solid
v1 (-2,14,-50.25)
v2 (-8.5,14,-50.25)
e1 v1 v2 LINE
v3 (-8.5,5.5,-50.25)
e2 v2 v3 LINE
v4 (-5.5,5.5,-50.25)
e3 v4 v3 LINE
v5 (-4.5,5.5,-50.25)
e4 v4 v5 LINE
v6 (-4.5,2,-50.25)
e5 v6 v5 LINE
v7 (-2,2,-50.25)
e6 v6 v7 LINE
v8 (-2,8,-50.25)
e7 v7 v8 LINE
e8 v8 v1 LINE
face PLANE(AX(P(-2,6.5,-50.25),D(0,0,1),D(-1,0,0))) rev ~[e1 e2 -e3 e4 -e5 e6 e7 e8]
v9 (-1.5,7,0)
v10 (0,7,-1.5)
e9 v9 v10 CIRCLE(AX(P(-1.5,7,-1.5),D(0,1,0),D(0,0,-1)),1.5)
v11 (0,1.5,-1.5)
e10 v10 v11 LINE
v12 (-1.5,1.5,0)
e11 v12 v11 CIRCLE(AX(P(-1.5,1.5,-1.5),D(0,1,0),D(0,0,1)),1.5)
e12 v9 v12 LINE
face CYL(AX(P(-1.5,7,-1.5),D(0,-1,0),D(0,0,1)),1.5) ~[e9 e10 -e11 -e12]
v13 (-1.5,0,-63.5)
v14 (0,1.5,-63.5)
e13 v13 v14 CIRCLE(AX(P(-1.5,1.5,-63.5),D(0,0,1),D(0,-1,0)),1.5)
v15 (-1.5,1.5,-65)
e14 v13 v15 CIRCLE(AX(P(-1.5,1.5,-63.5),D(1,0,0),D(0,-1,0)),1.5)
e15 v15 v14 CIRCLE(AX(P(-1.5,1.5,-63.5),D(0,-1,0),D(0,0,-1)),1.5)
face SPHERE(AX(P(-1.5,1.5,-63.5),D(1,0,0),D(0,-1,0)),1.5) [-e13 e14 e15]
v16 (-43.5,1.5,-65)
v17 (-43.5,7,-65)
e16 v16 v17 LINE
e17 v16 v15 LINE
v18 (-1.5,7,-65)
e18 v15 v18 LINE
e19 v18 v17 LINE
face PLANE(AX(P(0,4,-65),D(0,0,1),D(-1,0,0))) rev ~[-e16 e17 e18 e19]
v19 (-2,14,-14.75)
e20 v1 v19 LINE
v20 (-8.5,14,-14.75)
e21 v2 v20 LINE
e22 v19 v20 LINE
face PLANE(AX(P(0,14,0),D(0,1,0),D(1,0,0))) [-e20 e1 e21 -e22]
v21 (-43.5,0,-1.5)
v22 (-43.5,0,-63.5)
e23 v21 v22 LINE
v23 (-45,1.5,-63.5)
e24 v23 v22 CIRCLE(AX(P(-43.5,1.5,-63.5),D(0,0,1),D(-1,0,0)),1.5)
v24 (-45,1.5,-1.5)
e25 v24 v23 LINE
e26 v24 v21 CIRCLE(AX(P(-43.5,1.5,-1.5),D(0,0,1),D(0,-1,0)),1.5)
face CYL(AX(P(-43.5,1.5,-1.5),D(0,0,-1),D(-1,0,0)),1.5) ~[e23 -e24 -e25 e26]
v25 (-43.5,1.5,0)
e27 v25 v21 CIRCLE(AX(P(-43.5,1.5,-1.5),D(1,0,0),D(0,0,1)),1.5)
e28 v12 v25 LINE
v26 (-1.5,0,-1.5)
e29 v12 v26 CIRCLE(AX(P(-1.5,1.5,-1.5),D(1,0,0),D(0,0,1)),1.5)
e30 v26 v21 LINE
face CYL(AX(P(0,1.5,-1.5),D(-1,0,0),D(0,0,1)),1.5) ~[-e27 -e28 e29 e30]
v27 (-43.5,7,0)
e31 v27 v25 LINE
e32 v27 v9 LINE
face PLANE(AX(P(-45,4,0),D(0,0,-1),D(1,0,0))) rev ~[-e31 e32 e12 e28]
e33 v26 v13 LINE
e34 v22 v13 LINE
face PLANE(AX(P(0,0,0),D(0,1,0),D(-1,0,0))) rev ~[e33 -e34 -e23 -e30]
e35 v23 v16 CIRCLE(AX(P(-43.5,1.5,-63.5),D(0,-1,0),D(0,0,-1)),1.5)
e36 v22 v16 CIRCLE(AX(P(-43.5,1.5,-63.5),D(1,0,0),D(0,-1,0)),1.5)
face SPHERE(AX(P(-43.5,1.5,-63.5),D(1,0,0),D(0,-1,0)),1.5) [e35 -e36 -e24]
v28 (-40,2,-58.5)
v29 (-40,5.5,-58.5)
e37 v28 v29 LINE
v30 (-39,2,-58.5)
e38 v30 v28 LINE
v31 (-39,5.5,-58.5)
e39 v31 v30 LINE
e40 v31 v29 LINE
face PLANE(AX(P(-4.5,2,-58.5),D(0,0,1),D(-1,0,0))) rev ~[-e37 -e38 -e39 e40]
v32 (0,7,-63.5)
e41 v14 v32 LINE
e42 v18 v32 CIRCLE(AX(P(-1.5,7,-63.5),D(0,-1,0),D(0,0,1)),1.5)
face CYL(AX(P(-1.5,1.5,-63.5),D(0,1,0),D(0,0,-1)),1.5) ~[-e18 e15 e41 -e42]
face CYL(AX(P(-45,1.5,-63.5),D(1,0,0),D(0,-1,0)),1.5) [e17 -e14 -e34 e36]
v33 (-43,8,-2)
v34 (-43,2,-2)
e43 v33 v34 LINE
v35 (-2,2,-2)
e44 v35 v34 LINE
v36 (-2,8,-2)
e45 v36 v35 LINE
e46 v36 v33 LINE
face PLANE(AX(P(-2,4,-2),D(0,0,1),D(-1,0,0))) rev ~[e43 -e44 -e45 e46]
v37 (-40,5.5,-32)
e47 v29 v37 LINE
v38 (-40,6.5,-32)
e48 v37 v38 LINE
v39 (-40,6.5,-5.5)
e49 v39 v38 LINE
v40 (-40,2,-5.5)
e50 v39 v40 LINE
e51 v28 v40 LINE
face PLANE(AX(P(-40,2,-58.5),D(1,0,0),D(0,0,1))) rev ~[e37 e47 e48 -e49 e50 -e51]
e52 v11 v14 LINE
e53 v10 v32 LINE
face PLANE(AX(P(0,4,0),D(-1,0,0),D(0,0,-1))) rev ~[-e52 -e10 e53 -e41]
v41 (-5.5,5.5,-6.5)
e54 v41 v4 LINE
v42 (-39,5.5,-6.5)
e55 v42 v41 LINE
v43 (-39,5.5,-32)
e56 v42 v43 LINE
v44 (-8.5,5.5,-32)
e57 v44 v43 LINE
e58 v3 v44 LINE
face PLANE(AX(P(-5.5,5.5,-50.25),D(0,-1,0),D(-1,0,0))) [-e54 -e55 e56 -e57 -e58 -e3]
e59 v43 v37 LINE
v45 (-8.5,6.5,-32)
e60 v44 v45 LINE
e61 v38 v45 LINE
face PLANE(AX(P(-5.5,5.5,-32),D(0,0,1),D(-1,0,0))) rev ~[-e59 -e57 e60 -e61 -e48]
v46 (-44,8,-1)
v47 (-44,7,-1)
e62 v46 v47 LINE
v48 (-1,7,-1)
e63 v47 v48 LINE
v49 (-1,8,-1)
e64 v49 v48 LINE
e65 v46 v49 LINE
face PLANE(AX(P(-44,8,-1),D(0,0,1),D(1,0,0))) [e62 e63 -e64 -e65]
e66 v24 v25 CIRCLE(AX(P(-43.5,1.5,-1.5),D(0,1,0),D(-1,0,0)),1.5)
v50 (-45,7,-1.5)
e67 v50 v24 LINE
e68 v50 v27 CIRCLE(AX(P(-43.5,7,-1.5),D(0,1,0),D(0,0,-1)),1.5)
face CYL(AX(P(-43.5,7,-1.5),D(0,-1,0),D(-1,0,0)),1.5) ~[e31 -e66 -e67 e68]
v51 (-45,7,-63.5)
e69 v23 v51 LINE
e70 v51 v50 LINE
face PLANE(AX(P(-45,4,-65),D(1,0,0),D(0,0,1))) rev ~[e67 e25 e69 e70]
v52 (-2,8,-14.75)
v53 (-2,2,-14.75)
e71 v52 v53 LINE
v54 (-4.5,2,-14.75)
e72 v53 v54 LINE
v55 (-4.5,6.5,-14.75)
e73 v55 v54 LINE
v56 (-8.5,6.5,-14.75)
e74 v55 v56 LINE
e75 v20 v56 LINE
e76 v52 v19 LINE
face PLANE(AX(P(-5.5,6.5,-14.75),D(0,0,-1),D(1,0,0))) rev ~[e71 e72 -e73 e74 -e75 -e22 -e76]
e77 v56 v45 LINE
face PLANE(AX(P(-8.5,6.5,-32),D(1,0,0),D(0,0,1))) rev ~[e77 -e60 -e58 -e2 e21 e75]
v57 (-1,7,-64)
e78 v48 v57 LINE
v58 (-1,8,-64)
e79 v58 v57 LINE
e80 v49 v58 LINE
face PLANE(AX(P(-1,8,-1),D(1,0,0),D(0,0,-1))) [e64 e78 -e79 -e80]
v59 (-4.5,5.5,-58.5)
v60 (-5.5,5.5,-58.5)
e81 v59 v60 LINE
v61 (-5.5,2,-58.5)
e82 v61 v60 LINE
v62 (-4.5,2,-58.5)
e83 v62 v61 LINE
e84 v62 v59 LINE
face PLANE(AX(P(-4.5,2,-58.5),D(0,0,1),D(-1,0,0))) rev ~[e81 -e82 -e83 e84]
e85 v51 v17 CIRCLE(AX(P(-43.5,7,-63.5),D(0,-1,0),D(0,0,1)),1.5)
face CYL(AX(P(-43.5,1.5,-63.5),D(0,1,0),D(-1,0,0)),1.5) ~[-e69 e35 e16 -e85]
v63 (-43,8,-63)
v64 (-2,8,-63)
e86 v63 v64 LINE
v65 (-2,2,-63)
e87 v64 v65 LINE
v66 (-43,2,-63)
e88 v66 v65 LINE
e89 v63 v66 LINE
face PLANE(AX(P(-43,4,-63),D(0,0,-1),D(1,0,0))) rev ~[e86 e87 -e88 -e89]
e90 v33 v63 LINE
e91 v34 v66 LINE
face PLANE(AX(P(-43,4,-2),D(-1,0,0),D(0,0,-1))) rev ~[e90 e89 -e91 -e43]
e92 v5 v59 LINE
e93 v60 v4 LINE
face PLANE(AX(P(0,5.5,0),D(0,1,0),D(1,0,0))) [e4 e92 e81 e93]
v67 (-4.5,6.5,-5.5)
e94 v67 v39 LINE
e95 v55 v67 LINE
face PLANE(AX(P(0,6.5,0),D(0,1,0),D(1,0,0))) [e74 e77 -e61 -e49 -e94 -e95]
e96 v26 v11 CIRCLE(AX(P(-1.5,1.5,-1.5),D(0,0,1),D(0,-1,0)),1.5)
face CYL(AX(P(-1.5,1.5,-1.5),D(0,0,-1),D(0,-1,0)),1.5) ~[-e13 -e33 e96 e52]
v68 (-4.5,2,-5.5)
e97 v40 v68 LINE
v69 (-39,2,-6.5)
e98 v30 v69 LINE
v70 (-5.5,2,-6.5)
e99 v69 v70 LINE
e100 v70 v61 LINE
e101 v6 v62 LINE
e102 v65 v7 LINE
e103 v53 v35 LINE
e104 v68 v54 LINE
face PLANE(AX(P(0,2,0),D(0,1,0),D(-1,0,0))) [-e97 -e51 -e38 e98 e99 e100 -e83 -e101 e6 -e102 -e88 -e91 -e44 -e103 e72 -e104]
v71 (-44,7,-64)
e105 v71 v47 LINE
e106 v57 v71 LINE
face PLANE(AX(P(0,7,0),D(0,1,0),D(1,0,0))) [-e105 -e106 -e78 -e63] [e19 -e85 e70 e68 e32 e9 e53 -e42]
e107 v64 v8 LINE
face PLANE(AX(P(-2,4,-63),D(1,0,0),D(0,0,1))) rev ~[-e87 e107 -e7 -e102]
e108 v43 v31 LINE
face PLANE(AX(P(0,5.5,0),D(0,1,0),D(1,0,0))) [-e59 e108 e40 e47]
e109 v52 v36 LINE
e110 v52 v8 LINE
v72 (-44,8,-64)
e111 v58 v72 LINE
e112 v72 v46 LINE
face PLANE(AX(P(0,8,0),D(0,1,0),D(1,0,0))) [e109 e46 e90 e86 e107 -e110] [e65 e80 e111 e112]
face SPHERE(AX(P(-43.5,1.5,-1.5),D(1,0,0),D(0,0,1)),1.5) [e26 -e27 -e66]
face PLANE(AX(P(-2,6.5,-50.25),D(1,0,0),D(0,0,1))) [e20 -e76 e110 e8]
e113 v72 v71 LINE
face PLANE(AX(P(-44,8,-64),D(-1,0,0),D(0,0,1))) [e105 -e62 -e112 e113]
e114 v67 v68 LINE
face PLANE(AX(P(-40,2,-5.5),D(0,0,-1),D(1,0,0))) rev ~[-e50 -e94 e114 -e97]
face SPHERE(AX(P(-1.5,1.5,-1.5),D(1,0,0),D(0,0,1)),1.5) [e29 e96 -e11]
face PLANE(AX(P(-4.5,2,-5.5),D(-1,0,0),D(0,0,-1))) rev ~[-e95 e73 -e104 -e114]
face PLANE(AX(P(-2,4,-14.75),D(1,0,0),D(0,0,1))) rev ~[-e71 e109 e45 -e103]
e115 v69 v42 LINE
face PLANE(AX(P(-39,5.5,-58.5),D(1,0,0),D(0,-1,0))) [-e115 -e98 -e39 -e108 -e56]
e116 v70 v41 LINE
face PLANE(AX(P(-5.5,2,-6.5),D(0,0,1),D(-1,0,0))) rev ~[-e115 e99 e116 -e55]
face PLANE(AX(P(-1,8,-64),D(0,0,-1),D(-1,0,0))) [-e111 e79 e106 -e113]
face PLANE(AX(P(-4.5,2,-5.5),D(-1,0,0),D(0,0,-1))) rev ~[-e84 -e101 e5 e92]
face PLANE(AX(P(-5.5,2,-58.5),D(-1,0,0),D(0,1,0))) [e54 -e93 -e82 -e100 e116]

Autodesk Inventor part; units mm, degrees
ref_plane "YZ Plane" through (0, 0, 0) normal (1, 0, 0) x (0, 1, 0)
ref_plane "XZ Plane" through (0, 0, 0) normal (0, 1, 0) x (-1, 0, 0)
ref_plane "XY Plane" through (0, 0, 0) normal (0, 0, 1) x (1, 0, 0)
sketch "Sketch1" plane through (0, 0, 0) normal (0, 1, 0) x (-1, 0, 0)
  line L0 (0, 0) -> (45, 0)
  line L1 (45, 0) -> (45, -65)
  line L2 (45, -65) -> (0, -65)
  line L3 (0, -65) -> (0, 0)
  dimension "d0" = 45
  dimension "d1" = 65
extrude "Extrusion1" add sketch "Sketch1" along normal blind 2
sketch "Sketch2" plane through (0, 2, 0) normal (0, 1, 0) x (1, 0, 0)
  line L0 (0, 65) -> (0, 0) projected
  line L1 (0, 0) -> (-45, 0) projected
  line L2 (-45, 0) -> (-45, 65) projected
  line L3 (-45, 65) -> (0, 65) projected
  line L4 (-45, 0) -> (0, 0) projected
  line L5 (-45, 65) -> (-45, 0) projected
  line L6 (0, 65) -> (-45, 65) projected
  line L7 (0, 0) -> (0, 65) projected
  line L8 (-2, 2) -> (-43, 2)
  line L9 (-43, 2) -> (-43, 63)
  line L10 (-43, 63) -> (-2, 63)
  line L11 (-2, 63) -> (-2, 2)
  dimension "d4" = 2
  dimension "d5" = 2
  dimension "d6" = 2
  dimension "d7" = 2
extrude "Extrusion2" add sketch "Sketch2" along normal blind 2
sketch "Sketch3" plane through (0, 2, 0) normal (0, 1, 0) x (1, 0, 0)
  line L0 (-5.5, 6.5) -> (-39, 6.5)
  line L1 (-39, 6.5) -> (-39, 57.5)
  line L2 (-39, 57.5) -> (-5.5, 57.5)
  line L3 (-5.5, 57.5) -> (-5.5, 6.5)
  line L4 (0, 0) -> (0, 65) construction
  line L5 (0, 32.5) -> (-39, 32.5) construction
  line L6 (-45, 0) -> (0, 0) construction
  line L7 (-22.5, 0) -> (-22.5, 65) construction
  line L8 (0, 65) -> (-45, 65) construction
  line L9 (-4.5, 58.5) -> (-40, 58.5)
  line L10 (-40, 58.5) -> (-40, 5.5)
  line L11 (-40, 5.5) -> (-4.5, 5.5)
  line L12 (-4.5, 5.5) -> (-4.5, 58.5)
  line L13 (-2, 2) -> (-2, 63) projected
  line L14 (-2, 63) -> (-43, 63) projected
  line L15 (-43, 63) -> (-43, 2) projected
  line L16 (-43, 2) -> (-2, 2) projected
  line L17 (0, 65) -> (0, 0) projected
  line L18 (0, 0) -> (-45, 0) projected
  line L19 (-45, 0) -> (-45, 65) projected
  line L20 (-45, 65) -> (0, 65) projected
  dimension "d10" = 33.5
  dimension "d11" = 51
  dimension "d12" = 26
  dimension "d13" = 17
  dimension "d14" = 1
  dimension "d15" = 1
  dimension "d16" = 1
  dimension "d17" = 1
  dimension "d25" = 51
extrude "Extrusion3" add sketch "Sketch3" along normal blind 3.5 contours L12 L11 L10 L9
sketch "Sketch4" plane through (-4.5, 2, -58.5) normal (0, 0, -1) x (-1, 0, 0)
  line L0 (35.5, 0) -> (0, 0) projected
  line L1 (35.5, 0) -> (35.5, 3.5) projected
  line L2 (0, 3.5) -> (35.5, 3.5) projected
  line L3 (0, 0) -> (0, 3.5) projected
  line L4 (1, 3.5) -> (34.5, 3.5)
  line L5 (34.5, 3.5) -> (34.5, 0)
  line L6 (34.5, 0) -> (1, 0)
  line L7 (1, 0) -> (1, 3.5)
  point P0 (-4.5, -2)
  point P1 (1, 0)
  point P2 (34.5, 0)
  dimension "d20" = 1
  dimension "d21" = 1
  dimension "d22" = 0
extrude "Extrusion4" cut sketch "Sketch4" against normal blind 2 contours L0 L7 L2 L5
sketch "Sketch5" plane through (0, 5.5, 0) normal (0, 1, 0) x (1, 0, 0)
  line L0 (-39, 58.5) -> (-39, 6.5) projected
  line L1 (-39, 6.5) -> (-5.5, 6.5) projected
  line L2 (-5.5, 6.5) -> (-5.5, 58.5) projected
  line L3 (-5.5, 58.5) -> (-4.5, 58.5) projected
  line L4 (-4.5, 58.5) -> (-4.5, 5.5) projected
  line L5 (-4.5, 5.5) -> (-40, 5.5) projected
  line L6 (-40, 5.5) -> (-40, 58.5) projected
  line L7 (-40, 58.5) -> (-39, 58.5) projected
  line L8 (-40, 5.5) -> (-4.5, 5.5)
  line L9 (-4.5, 5.5) -> (-4.5, 32)
  line L10 (-4.5, 32) -> (-40, 32)
  line L11 (-40, 32.75) -> (-40, 5.5)
  line L12 (-4.5, 32) -> (-40, 32)
  line L13 (-40, 32) -> (-40, 5.5)
  line L14 (-40, 5.5) -> (-4.5, 5.5)
  line L15 (-4.5, 5.5) -> (-4.5, 32)
  line L16 (-40, 58.5) -> (-40, 5.5) projected
  line L17 (-40, 5.5) -> (-4.5, 5.5) projected
  line L18 (-4.5, 5.5) -> (-4.5, 58.5) projected
  line L19 (-4.5, 32) -> (-40, 32)
  line L20 (-40, 32) -> (-40, 5.5)
  line L21 (-40, 5.5) -> (-4.5, 5.5)
  line L22 (-4.5, 5.5) -> (-4.5, 32.75)
  point P0 (0, 0)
  point P1 (-5.5, 32)
  point P2 (-39, 32)
extrude "Extrusion6" add sketch "Sketch5" along normal blind 1 contours L10 L2 L1 L0 | L0 L1 L2 L10 L4 L5 L6
fillet "Fillet1" radius 1.5 1 edges at (-22.5, 0, 0)
fillet "Fillet2" radius 1.5 1 edges at (-22.5, 0, -65)
sketch "Sketch13" plane through (0, 6.5, 0) normal (0, 1, 0) x (1, 0, 0)
  line L0 (0, 0) -> (0, 65) projected
  line L1 (-4.5, 5.5) -> (-4.5, 32) projected
  line L2 (-4.5, 32) -> (-4.5, 58.5) projected
  line L3 (-5.5, 6.5) -> (-5.5, 58.5) projected
  line L4 (-40, 32) -> (-40, 5.5) construction
  line L5 (-40, 5.5) -> (-4.5, 5.5) construction
  line L6 (-4.5, 5.5) -> (-4.5, 32) construction
  line L7 (-4.5, 32) -> (-40, 32) construction
  line L8 (-2, 63) -> (-2, 2) projected
  line L9 (-40, 5.5) -> (-4.5, 5.5) projected
  line L10 (-4.5, 32) -> (-40, 32) projected
  line L11 (-2, 50.25) -> (-8.5, 50.25)
  line L12 (-8.5, 50.25) -> (-8.5, 14.75)
  line L13 (-8.5, 14.75) -> (-2, 14.75)
  line L14 (-2, 14.75) -> (-2, 50.25)
  line L15 (-2, 2) -> (-43, 2) projected
  point P0 (-5.75, 59.75)
  point P1 (-4.5, 14.75)
  point P2 (-2, 14.75)
  point P3 (-4.5, 50.25)
  dimension "d58" = 6.5
  dimension "d59" = 35.5
  dimension "d60" = 12.75
extrude "Extrusion12" add sketch "Sketch13" along normal mid plane 15
sketch "Sketch14" plane through (-2, -1, -14.75) normal (1, 0, 0) x (0, 0, -1)
  line L0 (0, 0) -> (35.5, 0) projected
  line L1 (0, 0) -> (0, 1) projected
  line L2 (35.5, 0) -> (0, 0)
  line L3 (0, 0) -> (0, 1)
  line L4 (0, 1) -> (35.5, 1)
  line L5 (35.5, 1) -> (35.5, 0)
  point P0 (-14.75, 1)
extrude "Extrusion13" cut sketch "Sketch14" against normal through all
sketch "Sketch15" plane through (-2, 14, -50.25) normal (0, 0, -1) x (-1, 0, 0)
  line L0 (6.5, -7.5) -> (38, -7.5) projected
  line L1 (6.5, -8.5) -> (37, -8.5) projected
  line L2 (3.5, -12) -> (3.5, -8.5) projected
  line L3 (37, -12) -> (3.5, -12) projected
  line L4 (3.5, -8.5) -> (6.5, -8.5)
  line L5 (6.5, -8.5) -> (6.5, -12)
  line L6 (6.5, -12) -> (3.5, -12)
  line L7 (3.5, -12) -> (3.5, -8.5)
  point P0 (-2, -14)
extrude "Extrusion14" cut sketch "Sketch15" against normal up to surface (43.75 mm away)
sketch "Sketch16" plane through (0, 4, 0) normal (0, 1, 0) x (1, 0, 0)
  line L0 (-2, 14.75) -> (-2, 50.25) projected
  line L1 (-2, 14.75) -> (-2, 2) projected
  line L2 (-2, 2) -> (-43, 2) projected
  line L3 (-45, 0) -> (0, 0) projected
  line L4 (0, 0) -> (0, 65) projected
  line L5 (-2, 63) -> (-2, 50.25) projected
  line L6 (-43, 63) -> (-2, 63) projected
  line L7 (0, 65) -> (-45, 65) projected
  line L8 (-45, 65) -> (-45, 0) projected
  line L9 (-43, 2) -> (-43, 63) projected
  line L10 (0, 65) -> (-45, 65)
  line L11 (-45, 65) -> (-45, 0)
  line L12 (-45, 0) -> (0, 0)
  line L13 (0, 0) -> (0, 65)
  line L14 (-43, 2) -> (-2, 2)
  line L15 (-2, 2) -> (-2, 63)
  line L16 (-2, 63) -> (-43, 63)
  line L17 (-43, 63) -> (-43, 2)
extrude "Extrusion15" add sketch "Sketch16" along normal blind 4
sketch "Sketch17" plane through (0, 8, 0) normal (0, 1, 0) x (1, 0, 0)
  line L0 (0, 0) -> (0, 65) projected
  line L1 (0, 65) -> (-45, 65) projected
  line L2 (-45, 0) -> (0, 0) projected
  line L3 (-45, 65) -> (-45, 0) projected
  line L4 (-1, 64) -> (-44, 64)
  line L5 (-44, 64) -> (-44, 1)
  line L6 (-44, 1) -> (-1, 1)
  line L7 (-1, 1) -> (-1, 64)
  dimension "d71" = 1
  dimension "d72" = 1
  dimension "d73" = 1
  dimension "d74" = 1
extrude "Extrusion16" cut sketch "Sketch17" against normal blind 1
fillet "Fillet3" radius 1.5 5 edges at (0, 0.4393, -0.4393) (0, 0, -32.5) (0, 0.4393, -64.5607) (0, 4.25, -65) (0, 4.25, 0)
fillet "Fillet4" radius 1.5 5 edges at (-45, 0.4393, -0.4393) (-45, 4.25, 0) (-45, 0.4393, -64.5607) (-45, 4.25, -65) (-45, 0, -32.5)
equation "\"BendRadius\" = Thickness"
equation "\"BendReliefWidth\" = Thickness"
equation "\"BendReliefDepth\" = 0.5 * Thickness"
equation "\"CornerReliefSize\" = 4 * Thickness"
equation "\"MinimumRemnant\" = 2 * Thickness"
equation "\"TransitionRadius\" = BendRadius"
equation "\"JacobiRadiusSize\" = BendRadius"
equation "\"GapSize\" = Thickness"
equation "\"Thickness\" = 0.5"
properties part number "superior" material "ABS Plastic"
